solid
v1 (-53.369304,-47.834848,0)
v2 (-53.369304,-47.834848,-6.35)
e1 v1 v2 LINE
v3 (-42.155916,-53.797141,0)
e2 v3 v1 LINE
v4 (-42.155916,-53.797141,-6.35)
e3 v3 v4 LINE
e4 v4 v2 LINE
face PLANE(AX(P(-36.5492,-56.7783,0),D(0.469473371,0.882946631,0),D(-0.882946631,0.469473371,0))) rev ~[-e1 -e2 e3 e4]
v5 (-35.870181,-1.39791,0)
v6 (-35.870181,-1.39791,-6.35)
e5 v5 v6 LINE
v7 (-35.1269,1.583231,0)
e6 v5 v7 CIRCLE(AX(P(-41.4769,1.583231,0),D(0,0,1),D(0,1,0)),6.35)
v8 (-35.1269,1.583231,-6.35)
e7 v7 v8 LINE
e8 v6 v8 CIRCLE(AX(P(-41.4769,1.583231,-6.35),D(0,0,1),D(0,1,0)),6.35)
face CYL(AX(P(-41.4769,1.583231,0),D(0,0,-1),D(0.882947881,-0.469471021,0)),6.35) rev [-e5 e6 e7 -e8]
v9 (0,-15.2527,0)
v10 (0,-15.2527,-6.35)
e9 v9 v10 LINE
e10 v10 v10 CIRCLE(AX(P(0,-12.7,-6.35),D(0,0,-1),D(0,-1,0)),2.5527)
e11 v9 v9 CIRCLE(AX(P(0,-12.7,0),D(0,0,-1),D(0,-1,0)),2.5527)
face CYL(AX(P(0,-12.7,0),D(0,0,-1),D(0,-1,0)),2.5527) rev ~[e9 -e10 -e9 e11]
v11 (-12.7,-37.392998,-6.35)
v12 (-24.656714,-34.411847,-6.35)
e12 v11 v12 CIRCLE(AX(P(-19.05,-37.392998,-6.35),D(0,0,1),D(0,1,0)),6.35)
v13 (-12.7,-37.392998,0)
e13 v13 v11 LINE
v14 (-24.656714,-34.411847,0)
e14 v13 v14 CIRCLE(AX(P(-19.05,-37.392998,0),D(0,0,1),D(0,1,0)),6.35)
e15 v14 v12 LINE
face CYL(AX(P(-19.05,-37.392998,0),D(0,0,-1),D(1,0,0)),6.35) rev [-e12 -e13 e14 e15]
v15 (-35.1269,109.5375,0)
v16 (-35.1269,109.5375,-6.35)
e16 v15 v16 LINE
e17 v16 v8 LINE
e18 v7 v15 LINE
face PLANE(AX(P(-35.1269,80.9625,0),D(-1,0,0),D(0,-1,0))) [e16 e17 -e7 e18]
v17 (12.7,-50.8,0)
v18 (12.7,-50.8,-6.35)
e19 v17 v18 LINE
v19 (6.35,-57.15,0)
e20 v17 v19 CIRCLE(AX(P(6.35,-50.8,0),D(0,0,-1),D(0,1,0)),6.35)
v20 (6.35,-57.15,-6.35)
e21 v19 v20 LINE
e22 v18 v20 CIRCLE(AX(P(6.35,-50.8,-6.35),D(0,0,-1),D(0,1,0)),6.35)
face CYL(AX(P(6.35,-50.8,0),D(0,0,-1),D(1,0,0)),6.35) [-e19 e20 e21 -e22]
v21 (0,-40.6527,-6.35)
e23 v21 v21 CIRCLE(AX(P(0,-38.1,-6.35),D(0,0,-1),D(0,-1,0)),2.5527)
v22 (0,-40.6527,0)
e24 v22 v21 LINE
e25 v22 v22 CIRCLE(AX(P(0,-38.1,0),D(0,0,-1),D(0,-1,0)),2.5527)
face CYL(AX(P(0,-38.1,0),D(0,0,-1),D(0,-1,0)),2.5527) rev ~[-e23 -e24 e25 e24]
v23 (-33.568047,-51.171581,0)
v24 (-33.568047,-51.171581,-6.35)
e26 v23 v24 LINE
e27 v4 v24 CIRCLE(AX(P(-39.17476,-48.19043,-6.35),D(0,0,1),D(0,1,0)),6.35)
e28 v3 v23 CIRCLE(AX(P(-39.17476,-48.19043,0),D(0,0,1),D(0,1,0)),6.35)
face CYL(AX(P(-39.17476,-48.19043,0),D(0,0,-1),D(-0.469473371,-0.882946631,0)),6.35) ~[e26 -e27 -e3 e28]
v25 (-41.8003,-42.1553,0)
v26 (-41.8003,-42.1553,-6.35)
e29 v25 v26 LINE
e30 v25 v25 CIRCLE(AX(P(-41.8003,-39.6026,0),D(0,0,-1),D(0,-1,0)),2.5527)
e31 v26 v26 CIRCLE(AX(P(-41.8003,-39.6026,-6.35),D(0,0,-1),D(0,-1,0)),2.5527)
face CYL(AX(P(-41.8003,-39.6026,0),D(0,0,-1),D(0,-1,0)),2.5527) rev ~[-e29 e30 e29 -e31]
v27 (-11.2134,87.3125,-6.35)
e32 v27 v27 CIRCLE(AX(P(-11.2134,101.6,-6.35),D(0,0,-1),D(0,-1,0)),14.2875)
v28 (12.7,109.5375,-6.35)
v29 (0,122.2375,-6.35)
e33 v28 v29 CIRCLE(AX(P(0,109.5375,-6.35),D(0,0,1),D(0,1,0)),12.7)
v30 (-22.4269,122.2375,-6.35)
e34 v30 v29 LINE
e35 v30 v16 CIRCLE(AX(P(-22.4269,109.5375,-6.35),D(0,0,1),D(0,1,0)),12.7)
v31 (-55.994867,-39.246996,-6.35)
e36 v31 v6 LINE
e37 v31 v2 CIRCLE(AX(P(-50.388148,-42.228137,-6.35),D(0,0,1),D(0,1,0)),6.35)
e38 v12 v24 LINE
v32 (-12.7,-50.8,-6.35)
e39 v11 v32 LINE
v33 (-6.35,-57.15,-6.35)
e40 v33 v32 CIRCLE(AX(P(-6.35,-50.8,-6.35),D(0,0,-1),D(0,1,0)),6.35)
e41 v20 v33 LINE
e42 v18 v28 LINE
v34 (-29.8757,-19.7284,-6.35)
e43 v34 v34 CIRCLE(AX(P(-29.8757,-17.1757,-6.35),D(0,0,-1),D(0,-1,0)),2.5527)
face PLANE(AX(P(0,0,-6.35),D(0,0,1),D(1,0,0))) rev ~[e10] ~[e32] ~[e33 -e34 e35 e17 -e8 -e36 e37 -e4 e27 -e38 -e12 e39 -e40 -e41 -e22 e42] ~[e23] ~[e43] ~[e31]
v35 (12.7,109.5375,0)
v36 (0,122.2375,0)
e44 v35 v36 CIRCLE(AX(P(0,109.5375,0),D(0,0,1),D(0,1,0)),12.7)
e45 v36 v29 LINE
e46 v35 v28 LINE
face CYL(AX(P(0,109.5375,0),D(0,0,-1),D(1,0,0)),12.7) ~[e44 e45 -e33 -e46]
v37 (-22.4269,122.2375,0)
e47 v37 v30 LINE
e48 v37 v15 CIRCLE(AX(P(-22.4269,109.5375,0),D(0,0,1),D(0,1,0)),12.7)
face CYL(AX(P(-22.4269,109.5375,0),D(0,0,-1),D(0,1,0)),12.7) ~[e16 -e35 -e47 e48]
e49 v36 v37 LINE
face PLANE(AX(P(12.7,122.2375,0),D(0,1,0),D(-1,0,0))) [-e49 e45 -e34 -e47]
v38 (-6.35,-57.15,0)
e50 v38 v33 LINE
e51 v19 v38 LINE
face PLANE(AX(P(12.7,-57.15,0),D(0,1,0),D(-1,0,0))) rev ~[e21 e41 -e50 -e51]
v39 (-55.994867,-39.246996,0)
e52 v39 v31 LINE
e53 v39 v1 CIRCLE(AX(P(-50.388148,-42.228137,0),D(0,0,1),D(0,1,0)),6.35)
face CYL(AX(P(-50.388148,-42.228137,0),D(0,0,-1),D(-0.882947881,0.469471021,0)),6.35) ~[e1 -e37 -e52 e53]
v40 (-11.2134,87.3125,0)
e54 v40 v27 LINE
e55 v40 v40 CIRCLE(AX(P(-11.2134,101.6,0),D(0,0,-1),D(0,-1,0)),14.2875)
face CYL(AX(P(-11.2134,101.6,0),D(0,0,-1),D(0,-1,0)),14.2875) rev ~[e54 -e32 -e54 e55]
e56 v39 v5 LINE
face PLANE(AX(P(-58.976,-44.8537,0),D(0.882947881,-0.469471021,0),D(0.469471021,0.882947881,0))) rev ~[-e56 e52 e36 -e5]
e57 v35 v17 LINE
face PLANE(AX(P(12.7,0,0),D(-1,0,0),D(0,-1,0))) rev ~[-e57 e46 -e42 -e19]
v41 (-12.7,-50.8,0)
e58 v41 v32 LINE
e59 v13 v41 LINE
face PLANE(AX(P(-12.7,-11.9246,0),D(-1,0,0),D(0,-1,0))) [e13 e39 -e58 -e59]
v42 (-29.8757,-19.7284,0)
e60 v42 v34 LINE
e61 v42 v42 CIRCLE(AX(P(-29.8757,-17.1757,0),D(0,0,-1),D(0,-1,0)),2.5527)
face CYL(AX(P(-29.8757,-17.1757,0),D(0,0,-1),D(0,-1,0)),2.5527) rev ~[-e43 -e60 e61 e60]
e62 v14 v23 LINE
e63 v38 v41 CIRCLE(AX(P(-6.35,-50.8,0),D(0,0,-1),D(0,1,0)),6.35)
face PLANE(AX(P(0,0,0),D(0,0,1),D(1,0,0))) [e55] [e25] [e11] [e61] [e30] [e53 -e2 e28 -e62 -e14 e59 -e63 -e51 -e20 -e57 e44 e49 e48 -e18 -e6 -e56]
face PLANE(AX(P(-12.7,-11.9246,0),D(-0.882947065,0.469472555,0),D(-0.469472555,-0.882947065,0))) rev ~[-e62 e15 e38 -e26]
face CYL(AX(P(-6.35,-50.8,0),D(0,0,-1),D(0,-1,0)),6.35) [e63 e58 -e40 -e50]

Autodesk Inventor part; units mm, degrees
ref_plane "YZ Plane" through (0, 0, 0) normal (1, 0, 0) x (0, 1, 0)
ref_plane "XZ Plane" through (0, 0, 0) normal (0, 1, 0) x (-1, 0, 0)
ref_plane "XY Plane" through (0, 0, 0) normal (0, 0, 1) x (1, 0, 0)
sketch "Sketch1" plane through (0, 0, 0) normal (0, 0, 1) x (1, 0, 0)
  line L0 (-12.7, 0) -> (12.7, 0) construction
  line L1 (12.7, 0) -> (12.7, -57.15)
  line L2 (12.7, -57.15) -> (-12.7, -57.15)
  line L3 (-12.7, -57.15) -> (-12.7, 0) construction
  line L4 (-35.1269, 0) -> (-12.7, -11.9246) construction
  line L5 (-12.7, -11.9246) -> (-36.5492, -56.7783)
  line L6 (-36.5492, -56.7783) -> (-58.976, -44.8537)
  line L7 (-58.976, -44.8537) -> (-35.1269, 0)
  line L8 (-23.9134, -5.9623) -> (-47.7626, -50.816) construction
  line L9 (-35.1269, 0) -> (12.7, 0)
  line L10 (-12.7, -11.9246) -> (-12.7, -57.15)
  point P0 (0, 0)
  point P1 (0, 0)
  point P2 (-29.8757, -17.1757)
  point P3 (-41.8003, -39.6026)
  point P4 (0, -12.7)
  point P5 (0, -38.1)
  dimension "d0" = 25.4
  dimension "d1" = 25.4
  dimension "d2" = 28
  dimension "d3" = 50.8
  dimension "d4" = 25.4
  dimension "d5" = 12.7
  dimension "d6" = 25.4
  dimension "d7" = 12.7
  dimension "d8" = 57.15
extrude "Extrusion1" add sketch "Sketch1" against normal blind 6.35
hole "Hole1" at (-29.8757, -17.1757, 0) at (-41.8003, -39.6026, 0) at (0, -12.7, 0) at (0, -38.1, 0) direction (0, 0, -1) diameter 5.1054 end through all clearance for "Flat Head Machine Screw (82)" size "#10" standard "Ansi Unified Screw Threads"
sketch "Sketch2" plane through (0, 0, 0) normal (0, 0, 1) x (1, 0, 0)
  circle A0 centre (0, -12.7) radius 2.5527 construction
  circle A1 centre (-29.8757, -17.1757) radius 2.5527 construction
  circle A2 centre (-41.8003, -39.6026) radius 2.5527 construction
  circle A3 centre (0, -38.1) radius 2.5527 construction
  line L0 (-12.7, -57.15) -> (12.7, -57.15) construction
  line L1 (12.7, -57.15) -> (12.7, 0) construction
  line L2 (12.7, 0) -> (-35.1269, 0) projected
  line L3 (-35.1269, 0) -> (-58.976, -44.8537) construction
  line L4 (-58.976, -44.8537) -> (-36.5492, -56.7783) construction
  line L5 (-36.5492, -56.7783) -> (-12.7, -11.9246) construction
  line L6 (-12.7, -11.9246) -> (-12.7, -57.15) construction
  circle A4 centre (0, -12.7) radius 2.5527 construction
  circle A5 centre (-29.8757, -17.1757) radius 2.5527 construction
  circle A6 centre (-41.8003, -39.6026) radius 2.5527 construction
  circle A7 centre (0, -38.1) radius 2.5527 construction
  line L7 (12.7, 0) -> (12.7, -57.15) construction
  line L8 (12.7, -57.15) -> (-12.7, -57.15) construction
  line L9 (-12.7, -57.15) -> (-12.7, -11.9246) construction
  line L10 (-36.5492, -56.7783) -> (-58.976, -44.8537) construction
  line L11 (-58.976, -44.8537) -> (-35.1269, 0) construction
  line L12 (-35.1269, 0) -> (12.7, 0) construction
  circle A8 centre (-11.2134, 101.6) radius 14.2875 construction
  line L13 (12.7, 0) -> (-35.1269, 0) construction
  line L14 (-35.1269, 0) -> (-58.976, -44.8537) construction
  circle A9 centre (0, -12.7) radius 2.5527 construction
  circle A10 centre (-29.8757, -17.1757) radius 2.5527 construction
  circle A11 centre (-41.8003, -39.6026) radius 2.5527 construction
  circle A12 centre (0, -38.1) radius 2.5527 construction
  line L15 (12.7, 0) -> (12.7, -57.15) construction
  line L16 (12.7, -57.15) -> (-12.7, -57.15) construction
  line L17 (-12.7, -57.15) -> (-12.7, -11.9246) construction
  line L18 (-36.5492, -56.7783) -> (-58.976, -44.8537) construction
  line L19 (-58.976, -44.8537) -> (-35.1269, 0) construction
  line L20 (-35.1269, 0) -> (12.7, 0) construction
  line L21 (-35.1269, 0) -> (12.7, 0) construction
  line L22 (12.7, 0) -> (12.7, 122.2375)
  line L23 (12.7, 122.2375) -> (-35.1269, 122.2375)
  line L24 (-35.1269, 122.2375) -> (-35.1269, 0)
  line L25 (-12.7, -11.9246) -> (-36.5492, -56.7783) projected
  line L26 (-35.1269, 122.2375) -> (-31.8509, 122.2375)
  line L27 (-31.8509, 122.2375) -> (-31.8509, 80.9625)
  line L28 (-31.8509, 80.9625) -> (-35.1269, 80.9625)
  line L29 (-35.1269, 80.9625) -> (-35.1269, 122.2375)
  line L30 (-12.7, -11.9246) -> (-36.5492, -56.7783) projected
  point P0 (0, 0)
  point P1 (-11.2134, 0)
  point P2 (-11.2134, 0)
  point P3 (-11.2134, 115.8875)
  point P4 (-11.2134, 122.2375)
  point P5 (-11.2134, 87.3125)
  point P6 (-25.5009, 101.6)
  point P7 (-35.1269, 80.9625)
  dimension "d19" = 28.575
  dimension "d20" = 101.6
  dimension "d32" = 6.35
  dimension "d36" = 0
  dimension "d37" = 6.35
  dimension "d38" = 6.35
extrude "Extrusion2" add sketch "Sketch2" against normal up to surface (6.35 mm away)
fillet "Fillet1" radius 6.35 6 edges at (12.7, -57.15, -3.175) (-12.7, -57.15, -3.175) (-12.7, -11.9246, -3.175) (-36.5492, -56.7783, -3.175) (-58.976, -44.8537, -3.175) (-35.1269, 0, -3.175)
hole "Hole2" at (-11.2134, 101.6, 0) direction (0, 0, -1) diameter 28.575 end through all
fillet "Fillet2" radius 12.7 2 edges at (12.7, 122.2375, -3.175) (-35.1269, 122.2375, -3.175)
equation "\"d37\" = d32"
equation "\"d38\" = d32"
properties part number "CL6-001" material "Aluminum 6061"
